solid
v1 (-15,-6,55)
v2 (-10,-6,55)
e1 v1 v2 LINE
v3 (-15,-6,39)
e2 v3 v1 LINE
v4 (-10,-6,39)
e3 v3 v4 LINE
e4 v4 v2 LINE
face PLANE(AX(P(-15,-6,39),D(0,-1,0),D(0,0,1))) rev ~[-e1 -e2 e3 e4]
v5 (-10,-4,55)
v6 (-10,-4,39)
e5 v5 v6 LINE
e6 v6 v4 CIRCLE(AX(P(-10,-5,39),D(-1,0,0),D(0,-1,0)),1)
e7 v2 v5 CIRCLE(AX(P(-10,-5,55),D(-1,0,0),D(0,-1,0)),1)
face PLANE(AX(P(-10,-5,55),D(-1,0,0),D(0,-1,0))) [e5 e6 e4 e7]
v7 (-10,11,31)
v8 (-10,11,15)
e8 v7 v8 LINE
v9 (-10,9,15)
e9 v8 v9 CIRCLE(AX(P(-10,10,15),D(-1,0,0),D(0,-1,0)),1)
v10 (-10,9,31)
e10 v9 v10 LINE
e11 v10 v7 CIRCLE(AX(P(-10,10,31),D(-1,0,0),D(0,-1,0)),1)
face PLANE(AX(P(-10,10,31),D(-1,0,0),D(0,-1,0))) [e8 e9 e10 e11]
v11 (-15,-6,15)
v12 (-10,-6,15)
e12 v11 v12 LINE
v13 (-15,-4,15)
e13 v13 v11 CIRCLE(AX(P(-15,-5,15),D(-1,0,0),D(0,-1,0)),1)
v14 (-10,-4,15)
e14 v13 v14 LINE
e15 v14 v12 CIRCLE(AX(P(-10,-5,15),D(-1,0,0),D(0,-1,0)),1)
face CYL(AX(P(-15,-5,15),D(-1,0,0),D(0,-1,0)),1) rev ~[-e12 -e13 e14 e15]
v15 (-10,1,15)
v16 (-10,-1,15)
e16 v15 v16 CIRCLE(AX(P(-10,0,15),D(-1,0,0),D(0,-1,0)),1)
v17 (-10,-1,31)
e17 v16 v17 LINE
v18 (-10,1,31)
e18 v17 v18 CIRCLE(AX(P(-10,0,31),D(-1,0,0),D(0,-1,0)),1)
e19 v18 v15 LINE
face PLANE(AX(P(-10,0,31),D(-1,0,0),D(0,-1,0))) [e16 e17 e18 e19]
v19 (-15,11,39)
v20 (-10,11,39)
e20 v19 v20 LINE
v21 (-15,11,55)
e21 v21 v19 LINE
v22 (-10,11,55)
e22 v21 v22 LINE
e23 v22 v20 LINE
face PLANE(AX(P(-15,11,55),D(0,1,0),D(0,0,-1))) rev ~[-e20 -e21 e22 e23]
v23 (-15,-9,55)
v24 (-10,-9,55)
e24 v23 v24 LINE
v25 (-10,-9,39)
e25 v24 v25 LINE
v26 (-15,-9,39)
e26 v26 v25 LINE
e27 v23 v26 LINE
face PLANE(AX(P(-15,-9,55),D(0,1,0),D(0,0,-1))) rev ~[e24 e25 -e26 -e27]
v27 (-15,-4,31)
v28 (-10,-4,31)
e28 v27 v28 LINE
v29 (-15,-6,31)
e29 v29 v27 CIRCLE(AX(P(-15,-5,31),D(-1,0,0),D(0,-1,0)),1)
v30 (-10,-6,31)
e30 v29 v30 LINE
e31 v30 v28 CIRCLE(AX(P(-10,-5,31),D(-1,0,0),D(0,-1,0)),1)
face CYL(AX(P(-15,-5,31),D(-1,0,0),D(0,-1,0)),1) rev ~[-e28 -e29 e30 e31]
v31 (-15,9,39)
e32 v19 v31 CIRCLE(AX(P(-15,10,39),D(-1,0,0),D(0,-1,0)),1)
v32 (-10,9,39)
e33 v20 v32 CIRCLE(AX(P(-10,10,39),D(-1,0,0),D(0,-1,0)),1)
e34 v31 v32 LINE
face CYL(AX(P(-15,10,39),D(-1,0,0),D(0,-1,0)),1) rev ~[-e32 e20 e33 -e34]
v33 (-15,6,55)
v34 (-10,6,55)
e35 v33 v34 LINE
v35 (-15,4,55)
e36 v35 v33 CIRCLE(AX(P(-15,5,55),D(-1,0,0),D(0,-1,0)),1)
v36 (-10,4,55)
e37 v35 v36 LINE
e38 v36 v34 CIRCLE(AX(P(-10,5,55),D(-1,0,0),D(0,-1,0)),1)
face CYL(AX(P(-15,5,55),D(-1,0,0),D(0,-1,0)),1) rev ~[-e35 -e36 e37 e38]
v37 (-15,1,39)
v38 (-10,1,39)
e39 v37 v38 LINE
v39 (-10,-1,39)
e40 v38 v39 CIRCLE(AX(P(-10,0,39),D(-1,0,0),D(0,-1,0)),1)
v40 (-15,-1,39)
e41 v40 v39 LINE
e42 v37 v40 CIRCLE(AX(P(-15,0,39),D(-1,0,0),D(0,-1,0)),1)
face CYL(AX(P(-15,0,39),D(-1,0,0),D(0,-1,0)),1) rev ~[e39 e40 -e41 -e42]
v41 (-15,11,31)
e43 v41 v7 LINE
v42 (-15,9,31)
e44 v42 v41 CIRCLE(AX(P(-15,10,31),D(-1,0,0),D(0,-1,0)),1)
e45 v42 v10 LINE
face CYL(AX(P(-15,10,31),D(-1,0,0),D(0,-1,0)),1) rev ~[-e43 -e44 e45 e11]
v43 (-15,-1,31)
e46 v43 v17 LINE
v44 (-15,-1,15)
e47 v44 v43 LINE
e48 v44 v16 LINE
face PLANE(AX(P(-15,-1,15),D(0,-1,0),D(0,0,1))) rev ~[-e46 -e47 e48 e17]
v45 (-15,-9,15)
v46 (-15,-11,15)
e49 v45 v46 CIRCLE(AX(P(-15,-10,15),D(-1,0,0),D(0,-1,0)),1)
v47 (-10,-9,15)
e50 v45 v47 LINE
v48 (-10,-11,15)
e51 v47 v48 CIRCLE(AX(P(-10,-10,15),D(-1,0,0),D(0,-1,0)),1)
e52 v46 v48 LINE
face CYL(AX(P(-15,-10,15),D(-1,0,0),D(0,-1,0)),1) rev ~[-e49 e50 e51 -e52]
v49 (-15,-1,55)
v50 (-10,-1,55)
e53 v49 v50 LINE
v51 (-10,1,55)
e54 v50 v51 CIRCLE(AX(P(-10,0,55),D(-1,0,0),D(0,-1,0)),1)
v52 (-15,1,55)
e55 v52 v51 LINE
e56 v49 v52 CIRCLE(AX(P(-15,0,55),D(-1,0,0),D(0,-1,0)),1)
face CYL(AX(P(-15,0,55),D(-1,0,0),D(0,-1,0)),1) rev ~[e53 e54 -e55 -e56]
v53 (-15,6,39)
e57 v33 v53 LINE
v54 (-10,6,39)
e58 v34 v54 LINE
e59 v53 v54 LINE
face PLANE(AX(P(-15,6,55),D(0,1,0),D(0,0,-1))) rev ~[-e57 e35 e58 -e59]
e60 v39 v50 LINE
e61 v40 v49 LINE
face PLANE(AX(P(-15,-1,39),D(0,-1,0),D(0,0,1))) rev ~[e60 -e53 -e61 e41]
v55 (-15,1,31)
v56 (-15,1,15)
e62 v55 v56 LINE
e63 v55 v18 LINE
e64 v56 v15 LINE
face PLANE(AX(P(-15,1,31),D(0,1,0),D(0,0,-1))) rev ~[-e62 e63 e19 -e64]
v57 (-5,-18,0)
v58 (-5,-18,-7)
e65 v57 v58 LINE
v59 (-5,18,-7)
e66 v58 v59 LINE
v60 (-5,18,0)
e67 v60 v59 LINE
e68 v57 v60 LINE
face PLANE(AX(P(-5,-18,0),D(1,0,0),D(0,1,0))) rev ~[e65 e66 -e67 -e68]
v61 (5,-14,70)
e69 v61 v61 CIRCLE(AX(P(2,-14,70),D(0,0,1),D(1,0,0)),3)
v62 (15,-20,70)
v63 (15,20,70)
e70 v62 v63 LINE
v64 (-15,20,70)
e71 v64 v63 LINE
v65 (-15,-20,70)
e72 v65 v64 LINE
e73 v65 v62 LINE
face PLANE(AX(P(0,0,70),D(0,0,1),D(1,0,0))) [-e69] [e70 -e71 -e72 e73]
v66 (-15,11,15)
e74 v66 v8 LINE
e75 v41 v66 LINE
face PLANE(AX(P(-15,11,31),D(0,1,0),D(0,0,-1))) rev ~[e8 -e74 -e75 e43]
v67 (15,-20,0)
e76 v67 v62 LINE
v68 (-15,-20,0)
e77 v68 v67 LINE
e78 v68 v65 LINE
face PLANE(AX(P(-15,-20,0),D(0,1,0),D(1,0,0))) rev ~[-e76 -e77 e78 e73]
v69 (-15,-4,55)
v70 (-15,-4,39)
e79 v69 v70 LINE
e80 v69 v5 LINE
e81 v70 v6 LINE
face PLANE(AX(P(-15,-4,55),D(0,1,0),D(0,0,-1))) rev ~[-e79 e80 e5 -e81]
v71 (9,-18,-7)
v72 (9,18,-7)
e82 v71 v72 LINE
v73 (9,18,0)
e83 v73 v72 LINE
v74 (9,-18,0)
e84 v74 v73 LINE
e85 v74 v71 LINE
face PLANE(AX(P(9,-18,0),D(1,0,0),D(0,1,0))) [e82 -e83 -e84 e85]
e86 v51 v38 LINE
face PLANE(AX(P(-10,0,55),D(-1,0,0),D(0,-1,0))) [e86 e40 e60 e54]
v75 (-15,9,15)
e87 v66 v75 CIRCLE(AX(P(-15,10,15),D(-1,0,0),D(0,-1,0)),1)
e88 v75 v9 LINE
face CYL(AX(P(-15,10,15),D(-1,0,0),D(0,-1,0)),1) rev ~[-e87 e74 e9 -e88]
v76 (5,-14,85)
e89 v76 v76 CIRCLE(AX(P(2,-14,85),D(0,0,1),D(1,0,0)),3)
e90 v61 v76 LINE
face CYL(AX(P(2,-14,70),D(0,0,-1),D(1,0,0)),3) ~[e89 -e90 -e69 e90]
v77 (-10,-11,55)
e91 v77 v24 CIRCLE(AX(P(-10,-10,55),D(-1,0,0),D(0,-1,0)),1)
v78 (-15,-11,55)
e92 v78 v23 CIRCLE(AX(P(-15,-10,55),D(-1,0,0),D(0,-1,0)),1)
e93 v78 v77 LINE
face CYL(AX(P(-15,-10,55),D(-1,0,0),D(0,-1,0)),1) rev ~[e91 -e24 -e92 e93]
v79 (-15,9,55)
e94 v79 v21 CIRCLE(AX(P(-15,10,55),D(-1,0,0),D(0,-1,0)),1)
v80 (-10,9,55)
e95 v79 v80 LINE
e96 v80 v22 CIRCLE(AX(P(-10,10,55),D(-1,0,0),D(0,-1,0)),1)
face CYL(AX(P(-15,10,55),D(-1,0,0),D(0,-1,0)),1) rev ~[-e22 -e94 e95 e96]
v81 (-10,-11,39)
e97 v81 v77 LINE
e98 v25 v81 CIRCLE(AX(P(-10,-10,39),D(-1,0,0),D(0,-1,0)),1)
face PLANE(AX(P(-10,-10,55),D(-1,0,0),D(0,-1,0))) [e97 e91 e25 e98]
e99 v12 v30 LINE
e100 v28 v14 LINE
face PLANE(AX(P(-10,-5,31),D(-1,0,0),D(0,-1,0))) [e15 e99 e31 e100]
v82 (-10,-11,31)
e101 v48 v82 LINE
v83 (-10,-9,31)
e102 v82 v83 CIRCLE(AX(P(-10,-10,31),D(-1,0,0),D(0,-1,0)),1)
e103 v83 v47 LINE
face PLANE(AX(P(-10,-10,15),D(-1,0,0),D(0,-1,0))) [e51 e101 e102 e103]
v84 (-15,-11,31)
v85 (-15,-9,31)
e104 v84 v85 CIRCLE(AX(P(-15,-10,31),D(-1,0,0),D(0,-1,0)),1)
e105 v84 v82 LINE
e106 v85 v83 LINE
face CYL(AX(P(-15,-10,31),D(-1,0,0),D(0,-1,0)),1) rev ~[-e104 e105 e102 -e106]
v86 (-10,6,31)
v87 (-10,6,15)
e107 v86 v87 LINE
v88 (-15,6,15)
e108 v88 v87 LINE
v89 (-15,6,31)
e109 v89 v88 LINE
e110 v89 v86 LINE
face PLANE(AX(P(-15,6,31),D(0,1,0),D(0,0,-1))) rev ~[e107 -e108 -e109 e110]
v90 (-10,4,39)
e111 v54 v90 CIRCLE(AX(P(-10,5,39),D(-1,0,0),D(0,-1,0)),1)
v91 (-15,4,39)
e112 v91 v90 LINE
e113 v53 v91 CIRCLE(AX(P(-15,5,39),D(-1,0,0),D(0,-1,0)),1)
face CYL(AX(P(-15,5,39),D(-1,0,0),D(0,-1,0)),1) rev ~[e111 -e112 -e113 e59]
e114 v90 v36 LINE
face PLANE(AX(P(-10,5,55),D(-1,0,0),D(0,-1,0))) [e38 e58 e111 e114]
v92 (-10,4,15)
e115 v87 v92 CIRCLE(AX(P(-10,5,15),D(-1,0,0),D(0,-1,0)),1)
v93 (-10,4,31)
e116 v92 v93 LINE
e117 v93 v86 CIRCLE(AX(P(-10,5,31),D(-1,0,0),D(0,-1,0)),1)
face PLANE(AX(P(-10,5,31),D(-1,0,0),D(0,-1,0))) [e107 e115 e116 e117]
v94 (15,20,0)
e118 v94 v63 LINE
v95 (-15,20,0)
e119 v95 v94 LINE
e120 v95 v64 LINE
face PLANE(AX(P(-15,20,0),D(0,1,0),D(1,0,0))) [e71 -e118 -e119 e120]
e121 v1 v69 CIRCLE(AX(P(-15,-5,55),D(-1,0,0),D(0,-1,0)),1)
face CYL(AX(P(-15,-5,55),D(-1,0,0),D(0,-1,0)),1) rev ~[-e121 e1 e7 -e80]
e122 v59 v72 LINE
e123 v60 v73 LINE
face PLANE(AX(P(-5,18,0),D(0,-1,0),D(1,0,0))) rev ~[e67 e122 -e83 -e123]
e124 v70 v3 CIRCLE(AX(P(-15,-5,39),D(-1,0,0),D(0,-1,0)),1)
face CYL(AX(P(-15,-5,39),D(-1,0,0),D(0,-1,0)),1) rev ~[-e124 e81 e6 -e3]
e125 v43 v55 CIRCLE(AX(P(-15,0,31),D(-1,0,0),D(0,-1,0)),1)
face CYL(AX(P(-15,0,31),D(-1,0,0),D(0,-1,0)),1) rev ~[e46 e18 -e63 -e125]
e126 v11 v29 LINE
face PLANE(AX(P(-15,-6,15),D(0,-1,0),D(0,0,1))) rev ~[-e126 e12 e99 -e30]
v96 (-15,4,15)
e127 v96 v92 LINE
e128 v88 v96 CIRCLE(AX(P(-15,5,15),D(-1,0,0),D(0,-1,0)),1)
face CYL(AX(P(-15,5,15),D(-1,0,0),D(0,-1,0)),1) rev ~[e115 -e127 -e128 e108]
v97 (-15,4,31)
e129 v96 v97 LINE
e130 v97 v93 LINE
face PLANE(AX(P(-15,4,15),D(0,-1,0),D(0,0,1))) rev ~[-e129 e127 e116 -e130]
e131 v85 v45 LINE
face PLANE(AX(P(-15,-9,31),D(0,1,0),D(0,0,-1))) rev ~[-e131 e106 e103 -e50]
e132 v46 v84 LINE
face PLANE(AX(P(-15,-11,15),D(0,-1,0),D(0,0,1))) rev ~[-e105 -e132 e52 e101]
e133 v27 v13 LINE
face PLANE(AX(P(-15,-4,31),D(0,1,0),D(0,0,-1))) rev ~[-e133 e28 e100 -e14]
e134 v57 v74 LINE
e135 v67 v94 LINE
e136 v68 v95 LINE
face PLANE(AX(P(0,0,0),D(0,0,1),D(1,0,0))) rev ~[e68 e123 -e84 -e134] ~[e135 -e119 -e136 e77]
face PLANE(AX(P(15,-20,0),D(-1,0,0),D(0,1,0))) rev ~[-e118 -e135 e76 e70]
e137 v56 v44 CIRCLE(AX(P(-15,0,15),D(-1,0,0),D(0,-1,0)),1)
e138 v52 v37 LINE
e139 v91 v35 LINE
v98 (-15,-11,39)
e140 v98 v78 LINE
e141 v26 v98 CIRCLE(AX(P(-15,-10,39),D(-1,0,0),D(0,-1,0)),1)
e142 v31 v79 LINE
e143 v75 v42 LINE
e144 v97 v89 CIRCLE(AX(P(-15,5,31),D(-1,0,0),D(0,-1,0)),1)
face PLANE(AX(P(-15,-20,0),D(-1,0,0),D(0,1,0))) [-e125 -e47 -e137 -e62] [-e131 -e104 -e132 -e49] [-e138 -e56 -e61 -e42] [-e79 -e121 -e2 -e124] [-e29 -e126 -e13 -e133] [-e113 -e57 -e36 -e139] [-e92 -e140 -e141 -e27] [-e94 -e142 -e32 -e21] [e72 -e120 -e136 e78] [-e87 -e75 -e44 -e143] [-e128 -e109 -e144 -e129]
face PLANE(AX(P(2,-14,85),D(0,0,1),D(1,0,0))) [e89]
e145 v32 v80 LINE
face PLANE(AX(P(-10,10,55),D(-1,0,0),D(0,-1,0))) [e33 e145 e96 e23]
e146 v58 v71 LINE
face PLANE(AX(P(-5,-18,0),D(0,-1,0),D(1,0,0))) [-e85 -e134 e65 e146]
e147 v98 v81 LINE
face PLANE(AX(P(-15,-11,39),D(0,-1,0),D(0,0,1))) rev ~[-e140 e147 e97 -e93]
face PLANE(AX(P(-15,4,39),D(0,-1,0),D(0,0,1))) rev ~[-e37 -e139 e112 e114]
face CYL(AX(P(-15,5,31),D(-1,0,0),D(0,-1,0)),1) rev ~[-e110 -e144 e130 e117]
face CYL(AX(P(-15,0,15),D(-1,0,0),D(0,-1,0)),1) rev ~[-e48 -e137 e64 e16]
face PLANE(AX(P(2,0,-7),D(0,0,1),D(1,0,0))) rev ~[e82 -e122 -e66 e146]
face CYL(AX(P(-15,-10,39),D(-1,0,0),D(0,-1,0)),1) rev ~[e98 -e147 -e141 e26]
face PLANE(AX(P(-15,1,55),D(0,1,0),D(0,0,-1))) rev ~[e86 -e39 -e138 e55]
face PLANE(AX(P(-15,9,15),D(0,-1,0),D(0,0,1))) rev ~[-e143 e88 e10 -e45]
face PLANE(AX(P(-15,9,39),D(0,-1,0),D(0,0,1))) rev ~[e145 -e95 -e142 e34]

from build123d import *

# Parameters (mm, degrees)
F0_W     = 30
F0_H     = 40
F0_W_2   = 14
F0_H_2   = 36
F1_DEPTH = 70
F2_DEPTH = 7
F3_R     = 3
F4_DEPTH = 15
F6_DEPTH = 5


with BuildPart() as f1:
    # F0 (on Top) → F1 (new body)
    with BuildSketch(Plane.XY):
        Rectangle(F0_W, F0_H)
        with Locations((2, 0)):
            Rectangle(F0_W_2, F0_H_2, mode=Mode.SUBTRACT)
        with Locations((2, 0)):
            Rectangle(F0_W_2, F0_H_2)
    extrude(amount=F1_DEPTH)

    # F0 (on Top) → F2 (join)
    with BuildSketch(Plane.XY):
        with Locations((2, 0)):
            Rectangle(F0_W_2, F0_H_2)
    extrude(amount=-F2_DEPTH)

    # F3 (on face) → F4 (join)
    with BuildSketch(Plane.XY.offset(70)):
        with Locations((2, -14)):
            Circle(F3_R)
    extrude(amount=F4_DEPTH)

    # F5 (on face) → F6 (cut)
    with BuildSketch(Plane(origin=(-15, 0, 0), x_dir=(0, -1, 0), z_dir=(-1, 0, 0))):
        with BuildLine():
            ThreePointArc((9, 15), (10, 14), (11, 15))
            ThreePointArc((11, 15), (10, 16), (9, 15))
        make_face()
        with BuildLine():
            ThreePointArc((9, 15), (10, 16), (11, 15))
            Line((11, 15), (11, 31))
            ThreePointArc((11, 31), (10, 30), (9, 31))
            Line((9, 31), (9, 15))
        make_face()
        with BuildLine():
            ThreePointArc((9, 31), (10, 30), (11, 31))
            ThreePointArc((11, 31), (10, 32), (9, 31))
        make_face()
        with BuildLine():
            ThreePointArc((9, 55), (10, 54), (11, 55))
            ThreePointArc((11, 55), (10, 56), (9, 55))
        make_face()
        with BuildLine():
            ThreePointArc((4, 55), (5, 54), (6, 55))
            ThreePointArc((6, 55), (5, 56), (4, 55))
        make_face()
        with BuildLine():
            ThreePointArc((-1, 55), (0, 54), (1, 55))
            ThreePointArc((1, 55), (0, 56), (-1, 55))
        make_face()
        with BuildLine():
            ThreePointArc((-6, 55), (-5, 54), (-4, 55))
            ThreePointArc((-4, 55), (-5, 56), (-6, 55))
        make_face()
        with BuildLine():
            ThreePointArc((-11, 55), (-10, 54), (-9, 55))
            ThreePointArc((-9, 55), (-10, 56), (-11, 55))
        make_face()
        with BuildLine():
            ThreePointArc((9, 39), (10, 40), (11, 39))
            Line((11, 39), (11, 55))
            ThreePointArc((11, 55), (10, 54), (9, 55))
            Line((9, 55), (9, 39))
        make_face()
        with BuildLine():
            ThreePointArc((4, 39), (5, 40), (6, 39))
            Line((6, 39), (6, 55))
            ThreePointArc((6, 55), (5, 54), (4, 55))
            Line((4, 55), (4, 39))
        make_face()
        with BuildLine():
            ThreePointArc((-1, 39), (0, 40), (1, 39))
            Line((1, 39), (1, 55))
            ThreePointArc((1, 55), (0, 54), (-1, 55))
            Line((-1, 55), (-1, 39))
        make_face()
        with BuildLine():
            ThreePointArc((-6, 39), (-5, 40), (-4, 39))
            Line((-4, 39), (-4, 55))
            ThreePointArc((-4, 55), (-5, 54), (-6, 55))
            Line((-6, 55), (-6, 39))
        make_face()
        with BuildLine():
            ThreePointArc((-11, 39), (-10, 40), (-9, 39))
            Line((-9, 39), (-9, 55))
            ThreePointArc((-9, 55), (-10, 54), (-11, 55))
            Line((-11, 55), (-11, 39))
        make_face()
        with BuildLine():
            ThreePointArc((9, 39), (10, 38), (11, 39))
            ThreePointArc((11, 39), (10, 40), (9, 39))
        make_face()
        with BuildLine():
            ThreePointArc((4, 39), (5, 38), (6, 39))
            ThreePointArc((6, 39), (5, 40), (4, 39))
        make_face()
        with BuildLine():
            ThreePointArc((-1, 39), (0, 38), (1, 39))
            ThreePointArc((1, 39), (0, 40), (-1, 39))
        make_face()
        with BuildLine():
            ThreePointArc((-6, 39), (-5, 38), (-4, 39))
            ThreePointArc((-4, 39), (-5, 40), (-6, 39))
        make_face()
        with BuildLine():
            ThreePointArc((-11, 39), (-10, 38), (-9, 39))
            ThreePointArc((-9, 39), (-10, 40), (-11, 39))
        make_face()
        with BuildLine():
            ThreePointArc((4, 31), (5, 30), (6, 31))
            ThreePointArc((6, 31), (5, 32), (4, 31))
        make_face()
        with BuildLine():
            ThreePointArc((-1, 31), (0, 30), (1, 31))
            ThreePointArc((1, 31), (0, 32), (-1, 31))
        make_face()
        with BuildLine():
            ThreePointArc((-6, 31), (-5, 30), (-4, 31))
            ThreePointArc((-4, 31), (-5, 32), (-6, 31))
        make_face()
        with BuildLine():
            ThreePointArc((-11, 31), (-10, 30), (-9, 31))
            ThreePointArc((-9, 31), (-10, 32), (-11, 31))
        make_face()
        with BuildLine():
            ThreePointArc((4, 15), (5, 16), (6, 15))
            Line((6, 15), (6, 31))
            ThreePointArc((6, 31), (5, 30), (4, 31))
            Line((4, 31), (4, 15))
        make_face()
        with BuildLine():
            ThreePointArc((-1, 15), (0, 16), (1, 15))
            Line((1, 15), (1, 31))
            ThreePointArc((1, 31), (0, 30), (-1, 31))
            Line((-1, 31), (-1, 15))
        make_face()
        with BuildLine():
            ThreePointArc((-6, 15), (-5, 16), (-4, 15))
            Line((-4, 15), (-4, 31))
            ThreePointArc((-4, 31), (-5, 30), (-6, 31))
            Line((-6, 31), (-6, 15))
        make_face()
        with BuildLine():
            ThreePointArc((-11, 15), (-10, 16), (-9, 15))
            Line((-9, 15), (-9, 31))
            ThreePointArc((-9, 31), (-10, 30), (-11, 31))
            Line((-11, 31), (-11, 15))
        make_face()
        with BuildLine():
            ThreePointArc((4, 15), (5, 14), (6, 15))
            ThreePointArc((6, 15), (5, 16), (4, 15))
        make_face()
        with BuildLine():
            ThreePointArc((-1, 15), (0, 14), (1, 15))
            ThreePointArc((1, 15), (0, 16), (-1, 15))
        make_face()
        with BuildLine():
            ThreePointArc((-6, 15), (-5, 14), (-4, 15))
            ThreePointArc((-4, 15), (-5, 16), (-6, 15))
        make_face()
        with BuildLine():
            ThreePointArc((-11, 15), (-10, 14), (-9, 15))
            ThreePointArc((-9, 15), (-10, 16), (-11, 15))
        make_face()
    extrude(amount=-F6_DEPTH, mode=Mode.SUBTRACT)


solid = f1.part
